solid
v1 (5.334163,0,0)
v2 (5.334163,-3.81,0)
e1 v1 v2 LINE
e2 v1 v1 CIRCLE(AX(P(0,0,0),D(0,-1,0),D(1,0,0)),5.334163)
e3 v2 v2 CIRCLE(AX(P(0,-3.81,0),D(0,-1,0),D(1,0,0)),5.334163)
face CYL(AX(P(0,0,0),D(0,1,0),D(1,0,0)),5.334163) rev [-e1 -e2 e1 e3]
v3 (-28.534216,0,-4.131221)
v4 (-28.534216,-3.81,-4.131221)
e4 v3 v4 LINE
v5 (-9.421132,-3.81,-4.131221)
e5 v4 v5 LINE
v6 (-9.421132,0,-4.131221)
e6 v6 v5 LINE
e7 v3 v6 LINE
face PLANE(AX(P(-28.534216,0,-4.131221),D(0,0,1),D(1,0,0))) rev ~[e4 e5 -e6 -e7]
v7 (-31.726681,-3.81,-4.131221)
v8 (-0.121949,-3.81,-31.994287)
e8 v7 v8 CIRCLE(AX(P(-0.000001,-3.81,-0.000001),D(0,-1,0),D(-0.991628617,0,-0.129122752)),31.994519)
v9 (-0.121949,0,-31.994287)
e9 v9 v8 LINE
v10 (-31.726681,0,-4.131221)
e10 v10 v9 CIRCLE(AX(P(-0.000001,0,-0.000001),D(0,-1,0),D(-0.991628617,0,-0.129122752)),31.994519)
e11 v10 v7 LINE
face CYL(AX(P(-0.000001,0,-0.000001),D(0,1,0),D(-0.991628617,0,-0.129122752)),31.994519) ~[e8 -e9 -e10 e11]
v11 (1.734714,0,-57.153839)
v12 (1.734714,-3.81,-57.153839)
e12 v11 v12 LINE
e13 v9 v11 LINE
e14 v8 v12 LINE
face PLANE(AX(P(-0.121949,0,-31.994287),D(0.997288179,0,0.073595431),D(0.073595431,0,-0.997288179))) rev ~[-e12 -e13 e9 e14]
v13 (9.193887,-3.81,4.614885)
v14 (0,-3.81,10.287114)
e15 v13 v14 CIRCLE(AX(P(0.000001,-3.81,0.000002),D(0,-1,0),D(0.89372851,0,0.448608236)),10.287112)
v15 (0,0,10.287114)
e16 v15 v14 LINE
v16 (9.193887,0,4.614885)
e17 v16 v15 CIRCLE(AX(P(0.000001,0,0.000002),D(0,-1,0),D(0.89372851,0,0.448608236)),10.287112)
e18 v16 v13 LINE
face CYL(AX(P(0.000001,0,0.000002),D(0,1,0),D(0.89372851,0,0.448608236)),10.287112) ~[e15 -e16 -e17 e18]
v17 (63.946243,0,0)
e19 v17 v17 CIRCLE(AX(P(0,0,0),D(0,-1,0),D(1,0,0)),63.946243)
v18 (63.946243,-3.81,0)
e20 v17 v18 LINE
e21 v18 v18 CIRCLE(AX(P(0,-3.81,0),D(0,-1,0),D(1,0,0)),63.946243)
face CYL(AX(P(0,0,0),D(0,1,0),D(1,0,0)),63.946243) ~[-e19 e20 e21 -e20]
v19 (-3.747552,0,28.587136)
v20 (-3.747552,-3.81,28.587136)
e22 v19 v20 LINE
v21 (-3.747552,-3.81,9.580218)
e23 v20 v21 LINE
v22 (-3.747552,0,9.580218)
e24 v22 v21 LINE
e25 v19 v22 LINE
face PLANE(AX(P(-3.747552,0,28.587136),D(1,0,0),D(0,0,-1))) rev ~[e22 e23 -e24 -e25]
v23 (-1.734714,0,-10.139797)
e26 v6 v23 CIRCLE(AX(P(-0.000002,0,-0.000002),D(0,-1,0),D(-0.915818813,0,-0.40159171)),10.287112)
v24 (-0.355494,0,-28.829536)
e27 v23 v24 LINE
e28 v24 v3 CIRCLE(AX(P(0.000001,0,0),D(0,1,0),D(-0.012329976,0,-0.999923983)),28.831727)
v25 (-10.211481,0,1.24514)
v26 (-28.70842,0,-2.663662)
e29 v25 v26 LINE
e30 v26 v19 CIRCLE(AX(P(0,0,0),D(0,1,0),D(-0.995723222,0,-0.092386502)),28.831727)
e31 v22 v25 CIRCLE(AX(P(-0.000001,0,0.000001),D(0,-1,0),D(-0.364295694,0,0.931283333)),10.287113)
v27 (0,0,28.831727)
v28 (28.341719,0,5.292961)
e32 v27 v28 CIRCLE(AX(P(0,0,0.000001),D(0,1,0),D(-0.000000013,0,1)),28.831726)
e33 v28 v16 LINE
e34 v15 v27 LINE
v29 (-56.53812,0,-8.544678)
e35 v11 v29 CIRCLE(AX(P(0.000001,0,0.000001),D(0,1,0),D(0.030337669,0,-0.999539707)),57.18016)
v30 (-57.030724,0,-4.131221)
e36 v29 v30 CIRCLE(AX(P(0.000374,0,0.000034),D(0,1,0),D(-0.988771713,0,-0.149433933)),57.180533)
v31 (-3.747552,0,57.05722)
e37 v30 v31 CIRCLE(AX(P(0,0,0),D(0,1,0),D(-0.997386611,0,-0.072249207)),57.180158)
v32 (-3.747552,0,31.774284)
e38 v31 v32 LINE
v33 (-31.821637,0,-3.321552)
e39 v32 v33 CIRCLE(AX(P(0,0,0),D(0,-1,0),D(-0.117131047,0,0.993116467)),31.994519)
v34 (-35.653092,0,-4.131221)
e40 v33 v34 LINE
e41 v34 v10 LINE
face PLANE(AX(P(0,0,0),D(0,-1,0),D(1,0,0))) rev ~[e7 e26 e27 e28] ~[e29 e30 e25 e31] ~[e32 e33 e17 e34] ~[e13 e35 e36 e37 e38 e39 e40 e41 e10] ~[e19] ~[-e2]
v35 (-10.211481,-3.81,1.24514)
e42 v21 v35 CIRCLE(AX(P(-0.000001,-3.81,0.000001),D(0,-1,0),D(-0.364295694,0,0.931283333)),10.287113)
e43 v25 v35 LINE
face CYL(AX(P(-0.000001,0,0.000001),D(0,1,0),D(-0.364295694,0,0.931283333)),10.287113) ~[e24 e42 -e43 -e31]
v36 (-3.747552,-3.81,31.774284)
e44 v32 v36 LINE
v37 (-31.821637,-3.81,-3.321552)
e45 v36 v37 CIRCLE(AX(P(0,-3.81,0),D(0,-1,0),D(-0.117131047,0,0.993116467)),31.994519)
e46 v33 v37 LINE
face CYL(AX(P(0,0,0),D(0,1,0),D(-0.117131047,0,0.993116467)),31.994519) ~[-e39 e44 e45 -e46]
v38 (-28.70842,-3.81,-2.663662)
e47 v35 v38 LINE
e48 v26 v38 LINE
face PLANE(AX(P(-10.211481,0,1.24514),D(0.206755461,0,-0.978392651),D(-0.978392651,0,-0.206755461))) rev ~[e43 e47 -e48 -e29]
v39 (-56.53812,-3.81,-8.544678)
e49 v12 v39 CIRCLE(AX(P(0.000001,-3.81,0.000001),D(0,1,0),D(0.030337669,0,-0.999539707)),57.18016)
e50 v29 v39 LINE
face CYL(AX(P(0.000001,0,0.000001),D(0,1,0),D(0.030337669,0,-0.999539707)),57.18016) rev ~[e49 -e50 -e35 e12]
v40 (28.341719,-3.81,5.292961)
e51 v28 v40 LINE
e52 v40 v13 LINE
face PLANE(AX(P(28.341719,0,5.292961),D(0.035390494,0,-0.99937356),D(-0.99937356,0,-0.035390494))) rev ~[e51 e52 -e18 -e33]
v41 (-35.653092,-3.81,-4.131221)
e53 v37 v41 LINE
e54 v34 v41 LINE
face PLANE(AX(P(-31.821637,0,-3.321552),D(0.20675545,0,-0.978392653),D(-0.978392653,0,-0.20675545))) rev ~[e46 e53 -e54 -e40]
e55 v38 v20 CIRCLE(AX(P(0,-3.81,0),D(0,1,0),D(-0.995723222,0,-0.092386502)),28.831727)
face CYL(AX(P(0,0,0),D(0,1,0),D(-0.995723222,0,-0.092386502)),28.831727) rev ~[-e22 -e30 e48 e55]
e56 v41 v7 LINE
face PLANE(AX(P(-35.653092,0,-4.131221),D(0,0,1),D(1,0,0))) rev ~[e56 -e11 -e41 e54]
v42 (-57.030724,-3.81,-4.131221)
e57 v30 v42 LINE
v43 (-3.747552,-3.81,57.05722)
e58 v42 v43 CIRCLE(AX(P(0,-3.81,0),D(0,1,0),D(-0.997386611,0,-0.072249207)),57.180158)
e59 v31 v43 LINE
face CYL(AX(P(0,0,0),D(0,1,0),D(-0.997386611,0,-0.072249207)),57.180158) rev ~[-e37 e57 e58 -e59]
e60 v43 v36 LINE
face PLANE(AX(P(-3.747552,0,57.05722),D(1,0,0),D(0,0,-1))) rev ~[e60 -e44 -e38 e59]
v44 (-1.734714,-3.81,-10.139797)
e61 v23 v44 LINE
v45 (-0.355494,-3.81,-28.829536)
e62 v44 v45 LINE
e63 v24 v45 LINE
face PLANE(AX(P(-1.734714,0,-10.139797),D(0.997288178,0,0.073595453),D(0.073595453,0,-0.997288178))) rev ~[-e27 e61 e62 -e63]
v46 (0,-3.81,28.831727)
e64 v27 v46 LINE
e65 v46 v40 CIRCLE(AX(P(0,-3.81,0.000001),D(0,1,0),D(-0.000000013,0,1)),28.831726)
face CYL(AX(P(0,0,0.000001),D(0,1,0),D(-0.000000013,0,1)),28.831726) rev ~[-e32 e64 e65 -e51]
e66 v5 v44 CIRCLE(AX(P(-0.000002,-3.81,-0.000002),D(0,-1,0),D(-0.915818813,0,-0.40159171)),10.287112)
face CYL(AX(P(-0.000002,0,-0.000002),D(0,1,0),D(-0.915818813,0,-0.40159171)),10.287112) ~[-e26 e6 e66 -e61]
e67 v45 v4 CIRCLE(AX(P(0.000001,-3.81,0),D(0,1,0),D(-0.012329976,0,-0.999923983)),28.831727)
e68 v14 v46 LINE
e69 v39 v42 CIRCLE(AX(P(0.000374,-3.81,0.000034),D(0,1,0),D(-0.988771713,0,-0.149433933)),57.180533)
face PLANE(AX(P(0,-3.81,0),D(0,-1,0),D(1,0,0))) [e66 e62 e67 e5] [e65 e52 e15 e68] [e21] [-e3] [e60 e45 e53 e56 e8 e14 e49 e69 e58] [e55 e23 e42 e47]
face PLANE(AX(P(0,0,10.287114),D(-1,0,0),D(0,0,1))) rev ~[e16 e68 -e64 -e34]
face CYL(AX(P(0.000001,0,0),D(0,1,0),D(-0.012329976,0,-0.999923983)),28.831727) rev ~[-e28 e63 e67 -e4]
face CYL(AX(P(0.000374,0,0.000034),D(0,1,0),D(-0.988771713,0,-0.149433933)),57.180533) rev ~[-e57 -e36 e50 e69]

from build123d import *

# Parameters (mm, degrees)
F0_R     = 63.946243
F0_R_2   = 5.334163
F1_DEPTH = 3.81


with BuildPart() as f1:
    # F0 (on Front) → F1 (new body)
    with BuildSketch(Plane.XZ):
        Circle(F0_R)
        with BuildLine():
            ThreePointArc((-0.355494, -28.829536), (-19.004092, -21.682089), (-28.534216, -4.131221))
            Line((-28.534216, -4.131221), (-9.421132, -4.131221))
            ThreePointArc((-9.421132, -4.131221), (-6.335532, -8.104675), (-1.734714, -10.139797))
            Line((-1.734714, -10.139797), (-0.355494, -28.829536))
        make_face(mode=Mode.SUBTRACT)
        with BuildLine():
            ThreePointArc((-57.030724, -4.131221), (-43.12199, 37.550825), (-3.747552, 57.05722))
            Line((-3.747552, 57.05722), (-3.747552, 31.774284))
            ThreePointArc((-3.747552, 31.774284), (-24.98442, 19.985696), (-31.821637, -3.321552))
            Line((-31.821637, -3.321552), (-35.653092, -4.131221))
            Line((-35.653092, -4.131221), (-31.726681, -4.131221))
            ThreePointArc((-31.726681, -4.131221), (-21.158247, -23.999539), (-0.121949, -31.994287))
            Line((-0.121949, -31.994287), (1.734714, -57.153839))
            ThreePointArc((1.734714, -57.153839), (-36.627394, -43.909048), (-56.53812, -8.544678))
            ThreePointArc((-56.53812, -8.544678), (-56.827284, -6.342733), (-57.030724, -4.131221))
        make_face(mode=Mode.SUBTRACT)
        with BuildLine():
            Line((-10.211481, 1.24514), (-28.70842, -2.663662))
            ThreePointArc((-28.70842, -2.663662), (-22.527775, 17.99355), (-3.747552, 28.587136))
            Line((-3.747552, 28.587136), (-3.747552, 9.580218))
            ThreePointArc((-3.747552, 9.580218), (-8.129086, 6.30418), (-10.211481, 1.24514))
        make_face(mode=Mode.SUBTRACT)
        Circle(F0_R_2, mode=Mode.SUBTRACT)
        with BuildLine():
            Line((0, 10.287114), (0, 28.831727))
            ThreePointArc((0, 28.831727), (18.420957, 22.179649), (28.341719, 5.292961))
            Line((28.341719, 5.292961), (9.193887, 4.614885))
            ThreePointArc((9.193887, 4.614885), (5.401429, 8.754958), (0, 10.287114))
        make_face(mode=Mode.SUBTRACT)
        with BuildLine():
            Line((0, 31.99452), (0, 57.180158))
            ThreePointArc((0, 57.180158), (38.724459, 42.071211), (56.984273, 4.728966))
            Line((56.984273, 4.728966), (30.757176, 8.811666))
            ThreePointArc((30.757176, 8.811666), (19.257781, 25.5497), (0, 31.99452))
        make_face(mode=Mode.SUBTRACT)
        with BuildLine():
            ThreePointArc((56.984273, 4.728966), (38.724459, 42.071211), (0, 57.180158))
            Line((0, 57.180158), (0, 31.99452))
            ThreePointArc((0, 31.99452), (19.257781, 25.5497), (30.757176, 8.811666))
            Line((30.757176, 8.811666), (56.984273, 4.728966))
        make_face()
    extrude(amount=F1_DEPTH)


solid = f1.part
